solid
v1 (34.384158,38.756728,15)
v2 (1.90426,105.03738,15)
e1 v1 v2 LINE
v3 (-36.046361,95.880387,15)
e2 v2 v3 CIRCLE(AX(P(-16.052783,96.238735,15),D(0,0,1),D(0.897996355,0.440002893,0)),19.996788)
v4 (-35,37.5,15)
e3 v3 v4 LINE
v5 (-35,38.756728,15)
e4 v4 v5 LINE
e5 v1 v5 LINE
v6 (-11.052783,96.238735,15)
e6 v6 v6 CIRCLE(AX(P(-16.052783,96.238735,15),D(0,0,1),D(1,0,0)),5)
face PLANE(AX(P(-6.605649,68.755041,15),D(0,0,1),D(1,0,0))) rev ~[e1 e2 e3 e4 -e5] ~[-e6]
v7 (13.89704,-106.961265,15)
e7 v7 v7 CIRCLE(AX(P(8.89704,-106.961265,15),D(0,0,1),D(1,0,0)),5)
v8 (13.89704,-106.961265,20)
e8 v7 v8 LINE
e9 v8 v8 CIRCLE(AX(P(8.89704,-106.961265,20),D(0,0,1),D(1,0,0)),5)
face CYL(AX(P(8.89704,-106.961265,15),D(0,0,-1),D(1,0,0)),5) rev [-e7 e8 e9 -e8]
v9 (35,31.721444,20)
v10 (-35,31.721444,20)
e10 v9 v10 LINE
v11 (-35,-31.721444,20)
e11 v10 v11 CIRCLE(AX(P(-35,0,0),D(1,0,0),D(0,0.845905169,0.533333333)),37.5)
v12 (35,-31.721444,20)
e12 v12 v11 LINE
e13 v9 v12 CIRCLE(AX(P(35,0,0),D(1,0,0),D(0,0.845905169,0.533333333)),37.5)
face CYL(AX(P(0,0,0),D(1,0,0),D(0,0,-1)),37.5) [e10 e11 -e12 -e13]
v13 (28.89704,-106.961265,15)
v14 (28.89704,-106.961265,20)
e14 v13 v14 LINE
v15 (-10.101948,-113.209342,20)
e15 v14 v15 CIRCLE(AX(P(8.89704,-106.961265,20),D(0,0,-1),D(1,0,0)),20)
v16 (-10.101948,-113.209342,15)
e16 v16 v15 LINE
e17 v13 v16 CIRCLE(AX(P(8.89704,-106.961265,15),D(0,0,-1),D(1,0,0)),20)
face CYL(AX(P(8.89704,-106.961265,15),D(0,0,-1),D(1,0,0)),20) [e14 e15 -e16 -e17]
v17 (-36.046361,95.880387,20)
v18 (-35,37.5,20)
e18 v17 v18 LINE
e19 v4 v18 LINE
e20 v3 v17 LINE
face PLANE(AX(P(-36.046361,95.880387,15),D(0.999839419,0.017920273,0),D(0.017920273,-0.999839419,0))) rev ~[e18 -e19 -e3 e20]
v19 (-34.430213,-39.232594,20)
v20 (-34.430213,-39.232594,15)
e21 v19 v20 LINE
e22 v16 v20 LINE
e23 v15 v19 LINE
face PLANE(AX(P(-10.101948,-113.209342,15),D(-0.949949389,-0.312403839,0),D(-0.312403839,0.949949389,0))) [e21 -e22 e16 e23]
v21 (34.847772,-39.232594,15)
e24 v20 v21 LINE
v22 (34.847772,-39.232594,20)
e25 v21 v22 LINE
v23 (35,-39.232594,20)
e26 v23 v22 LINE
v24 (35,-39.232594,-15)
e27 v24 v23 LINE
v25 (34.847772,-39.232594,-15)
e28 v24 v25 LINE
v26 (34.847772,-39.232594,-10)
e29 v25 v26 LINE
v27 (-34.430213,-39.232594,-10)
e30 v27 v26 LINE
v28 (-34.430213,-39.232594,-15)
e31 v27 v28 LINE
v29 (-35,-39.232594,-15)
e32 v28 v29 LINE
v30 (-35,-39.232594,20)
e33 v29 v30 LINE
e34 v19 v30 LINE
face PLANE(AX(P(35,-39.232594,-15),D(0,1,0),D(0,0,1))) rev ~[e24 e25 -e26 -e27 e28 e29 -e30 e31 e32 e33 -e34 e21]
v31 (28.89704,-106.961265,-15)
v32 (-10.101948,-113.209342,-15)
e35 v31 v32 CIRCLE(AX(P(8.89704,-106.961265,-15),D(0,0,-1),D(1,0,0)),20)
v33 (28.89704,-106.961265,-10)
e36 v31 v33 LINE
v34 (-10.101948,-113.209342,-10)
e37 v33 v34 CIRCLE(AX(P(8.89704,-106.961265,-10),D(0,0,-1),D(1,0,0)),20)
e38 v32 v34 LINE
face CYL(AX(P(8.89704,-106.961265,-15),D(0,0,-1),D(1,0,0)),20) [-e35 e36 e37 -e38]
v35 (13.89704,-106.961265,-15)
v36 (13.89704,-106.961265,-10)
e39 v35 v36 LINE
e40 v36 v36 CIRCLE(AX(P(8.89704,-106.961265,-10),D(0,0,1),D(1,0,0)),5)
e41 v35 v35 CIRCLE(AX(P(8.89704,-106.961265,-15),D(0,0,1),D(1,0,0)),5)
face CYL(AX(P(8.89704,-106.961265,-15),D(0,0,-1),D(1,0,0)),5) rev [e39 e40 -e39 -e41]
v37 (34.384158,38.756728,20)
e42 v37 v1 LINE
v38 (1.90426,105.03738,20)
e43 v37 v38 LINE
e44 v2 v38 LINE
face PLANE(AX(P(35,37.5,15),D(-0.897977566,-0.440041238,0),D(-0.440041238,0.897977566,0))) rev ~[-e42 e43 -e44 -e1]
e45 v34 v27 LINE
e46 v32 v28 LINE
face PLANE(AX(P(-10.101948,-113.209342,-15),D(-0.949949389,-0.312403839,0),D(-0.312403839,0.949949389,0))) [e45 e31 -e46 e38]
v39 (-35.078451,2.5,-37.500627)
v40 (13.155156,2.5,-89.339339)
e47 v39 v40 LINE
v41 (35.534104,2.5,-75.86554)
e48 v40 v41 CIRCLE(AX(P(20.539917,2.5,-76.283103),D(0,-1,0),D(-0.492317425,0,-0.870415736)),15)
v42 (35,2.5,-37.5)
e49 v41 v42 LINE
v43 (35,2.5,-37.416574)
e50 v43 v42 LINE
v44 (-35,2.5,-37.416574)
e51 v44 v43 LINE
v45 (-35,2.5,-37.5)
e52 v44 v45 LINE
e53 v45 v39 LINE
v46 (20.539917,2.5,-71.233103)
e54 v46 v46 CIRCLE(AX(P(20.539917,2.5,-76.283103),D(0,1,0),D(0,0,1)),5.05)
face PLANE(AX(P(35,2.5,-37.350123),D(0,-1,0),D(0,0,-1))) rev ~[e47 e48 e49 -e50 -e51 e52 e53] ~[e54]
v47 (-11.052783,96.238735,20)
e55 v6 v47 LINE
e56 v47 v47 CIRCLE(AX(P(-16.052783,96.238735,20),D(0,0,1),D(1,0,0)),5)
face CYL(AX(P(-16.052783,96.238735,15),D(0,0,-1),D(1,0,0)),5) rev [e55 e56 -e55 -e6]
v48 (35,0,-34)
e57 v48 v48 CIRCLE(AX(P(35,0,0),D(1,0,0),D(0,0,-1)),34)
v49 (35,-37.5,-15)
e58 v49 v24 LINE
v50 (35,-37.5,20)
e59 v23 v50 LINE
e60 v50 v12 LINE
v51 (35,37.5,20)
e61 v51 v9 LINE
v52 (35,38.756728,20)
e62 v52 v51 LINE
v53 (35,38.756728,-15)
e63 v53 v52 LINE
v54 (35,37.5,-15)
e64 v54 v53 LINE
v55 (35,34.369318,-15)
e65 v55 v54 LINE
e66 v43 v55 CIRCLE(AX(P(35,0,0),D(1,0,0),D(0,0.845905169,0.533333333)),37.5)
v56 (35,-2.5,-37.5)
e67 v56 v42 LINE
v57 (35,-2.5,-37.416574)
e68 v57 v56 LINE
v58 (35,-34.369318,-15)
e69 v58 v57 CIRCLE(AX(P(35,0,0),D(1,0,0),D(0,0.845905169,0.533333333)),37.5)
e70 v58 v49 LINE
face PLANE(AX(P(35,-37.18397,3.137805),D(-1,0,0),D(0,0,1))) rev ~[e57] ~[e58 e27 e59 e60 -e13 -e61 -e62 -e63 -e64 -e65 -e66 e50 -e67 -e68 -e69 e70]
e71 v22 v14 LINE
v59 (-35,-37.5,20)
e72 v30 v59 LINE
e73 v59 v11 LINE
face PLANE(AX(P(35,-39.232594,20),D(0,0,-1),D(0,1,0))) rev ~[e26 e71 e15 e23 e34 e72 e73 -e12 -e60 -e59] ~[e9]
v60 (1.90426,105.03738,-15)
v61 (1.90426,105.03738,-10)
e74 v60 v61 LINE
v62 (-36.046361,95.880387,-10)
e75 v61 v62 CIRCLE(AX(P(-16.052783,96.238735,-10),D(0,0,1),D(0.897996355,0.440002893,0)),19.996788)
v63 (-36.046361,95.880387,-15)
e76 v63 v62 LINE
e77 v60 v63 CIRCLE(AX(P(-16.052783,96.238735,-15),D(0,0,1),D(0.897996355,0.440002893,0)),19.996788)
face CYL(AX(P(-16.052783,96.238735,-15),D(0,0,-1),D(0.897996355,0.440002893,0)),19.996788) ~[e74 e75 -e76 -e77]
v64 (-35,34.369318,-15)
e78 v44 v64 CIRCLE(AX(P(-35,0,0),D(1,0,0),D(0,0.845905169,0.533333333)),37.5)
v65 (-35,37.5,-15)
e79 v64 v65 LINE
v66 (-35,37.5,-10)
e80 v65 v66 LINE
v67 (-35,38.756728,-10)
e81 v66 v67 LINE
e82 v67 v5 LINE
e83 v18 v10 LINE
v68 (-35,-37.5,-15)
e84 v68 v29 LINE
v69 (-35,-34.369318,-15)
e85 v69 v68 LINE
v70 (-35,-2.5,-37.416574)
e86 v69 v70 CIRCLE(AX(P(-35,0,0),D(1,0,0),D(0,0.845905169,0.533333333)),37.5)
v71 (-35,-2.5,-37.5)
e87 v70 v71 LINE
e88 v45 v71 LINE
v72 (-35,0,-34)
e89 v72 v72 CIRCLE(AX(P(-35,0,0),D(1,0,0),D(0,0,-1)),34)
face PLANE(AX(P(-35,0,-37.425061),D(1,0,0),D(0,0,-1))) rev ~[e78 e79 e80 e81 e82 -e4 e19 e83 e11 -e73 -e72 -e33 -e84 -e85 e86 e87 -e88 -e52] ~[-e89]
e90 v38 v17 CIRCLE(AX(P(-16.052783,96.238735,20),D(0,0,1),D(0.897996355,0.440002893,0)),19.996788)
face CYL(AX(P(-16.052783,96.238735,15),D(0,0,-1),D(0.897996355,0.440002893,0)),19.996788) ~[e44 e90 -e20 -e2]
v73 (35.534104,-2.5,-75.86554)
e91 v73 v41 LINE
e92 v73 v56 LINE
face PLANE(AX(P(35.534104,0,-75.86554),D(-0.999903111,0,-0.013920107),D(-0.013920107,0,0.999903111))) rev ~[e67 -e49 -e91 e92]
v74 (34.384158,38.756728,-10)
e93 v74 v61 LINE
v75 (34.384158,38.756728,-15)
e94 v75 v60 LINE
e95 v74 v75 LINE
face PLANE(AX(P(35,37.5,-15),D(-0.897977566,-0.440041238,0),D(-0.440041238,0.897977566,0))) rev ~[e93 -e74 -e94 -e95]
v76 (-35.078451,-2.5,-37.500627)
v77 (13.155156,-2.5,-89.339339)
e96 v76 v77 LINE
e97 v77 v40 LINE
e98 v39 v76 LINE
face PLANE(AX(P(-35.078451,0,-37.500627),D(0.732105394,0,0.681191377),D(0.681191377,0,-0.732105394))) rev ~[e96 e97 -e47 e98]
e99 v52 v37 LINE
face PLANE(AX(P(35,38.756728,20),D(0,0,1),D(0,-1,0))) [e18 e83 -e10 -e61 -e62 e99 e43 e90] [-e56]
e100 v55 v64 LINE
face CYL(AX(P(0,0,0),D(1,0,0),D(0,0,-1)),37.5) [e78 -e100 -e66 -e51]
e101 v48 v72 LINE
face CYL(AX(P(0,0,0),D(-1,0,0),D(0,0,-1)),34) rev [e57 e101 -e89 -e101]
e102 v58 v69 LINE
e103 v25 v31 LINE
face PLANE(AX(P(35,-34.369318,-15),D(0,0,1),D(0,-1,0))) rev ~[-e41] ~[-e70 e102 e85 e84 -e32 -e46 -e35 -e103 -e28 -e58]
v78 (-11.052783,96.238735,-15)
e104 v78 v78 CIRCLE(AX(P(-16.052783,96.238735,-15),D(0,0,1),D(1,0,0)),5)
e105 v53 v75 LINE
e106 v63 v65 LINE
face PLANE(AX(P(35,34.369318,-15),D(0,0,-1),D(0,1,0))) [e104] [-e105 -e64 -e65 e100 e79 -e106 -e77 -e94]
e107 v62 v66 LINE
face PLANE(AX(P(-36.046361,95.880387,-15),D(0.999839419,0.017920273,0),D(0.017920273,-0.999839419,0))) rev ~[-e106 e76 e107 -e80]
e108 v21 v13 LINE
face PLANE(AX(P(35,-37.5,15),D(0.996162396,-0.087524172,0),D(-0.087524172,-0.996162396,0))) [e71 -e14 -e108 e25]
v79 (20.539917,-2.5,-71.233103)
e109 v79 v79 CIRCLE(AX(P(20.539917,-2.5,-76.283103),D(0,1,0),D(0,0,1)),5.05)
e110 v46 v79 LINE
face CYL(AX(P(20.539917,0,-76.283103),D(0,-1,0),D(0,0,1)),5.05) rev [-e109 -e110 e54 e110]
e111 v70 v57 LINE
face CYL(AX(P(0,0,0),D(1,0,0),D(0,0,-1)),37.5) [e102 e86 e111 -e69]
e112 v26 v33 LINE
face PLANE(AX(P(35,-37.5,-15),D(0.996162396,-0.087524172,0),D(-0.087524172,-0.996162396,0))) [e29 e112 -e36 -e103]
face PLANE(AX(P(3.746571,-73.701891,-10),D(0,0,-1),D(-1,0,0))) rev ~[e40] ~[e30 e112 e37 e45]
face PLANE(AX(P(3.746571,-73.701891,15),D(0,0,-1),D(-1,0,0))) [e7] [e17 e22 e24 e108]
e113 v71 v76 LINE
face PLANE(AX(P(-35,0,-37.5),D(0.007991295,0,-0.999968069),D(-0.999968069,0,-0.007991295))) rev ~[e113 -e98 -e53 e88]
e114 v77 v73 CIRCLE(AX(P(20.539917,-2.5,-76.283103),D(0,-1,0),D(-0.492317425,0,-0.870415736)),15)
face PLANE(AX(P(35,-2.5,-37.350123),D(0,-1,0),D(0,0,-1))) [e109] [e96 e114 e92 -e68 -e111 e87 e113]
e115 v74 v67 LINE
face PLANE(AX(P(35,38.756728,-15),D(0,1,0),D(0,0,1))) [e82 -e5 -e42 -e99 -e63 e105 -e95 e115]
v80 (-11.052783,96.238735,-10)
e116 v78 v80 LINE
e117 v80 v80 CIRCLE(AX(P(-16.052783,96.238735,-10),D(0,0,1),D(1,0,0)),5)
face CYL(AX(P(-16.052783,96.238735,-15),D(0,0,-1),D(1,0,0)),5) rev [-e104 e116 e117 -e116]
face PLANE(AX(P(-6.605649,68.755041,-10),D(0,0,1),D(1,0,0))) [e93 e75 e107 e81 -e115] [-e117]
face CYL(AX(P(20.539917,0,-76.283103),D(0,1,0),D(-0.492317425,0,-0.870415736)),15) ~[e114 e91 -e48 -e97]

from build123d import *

# Parameters (mm, degrees)
SKETCH1_R             = 37.5
SKETCH1_R_2           = 34
BOSS_EXTRUDE1_DEPTH   = 35
BOSS_EXTRUDE2_START   = 15
SKETCH2_R             = 5
BOSS_EXTRUDE2_DEPTH   = 5
BOSS_EXTRUDE2_2_DEPTH = 5
BOSS_EXTRUDE3_START   = -15
SKETCH2_2_R           = 5
BOSS_EXTRUDE3_DEPTH   = 5
BOSS_EXTRUDE3_2_DEPTH = 5
BOSS_EXTRUDE4_DEPTH   = 70
BOSS_EXTRUDE5_START   = -70
BOSS_EXTRUDE5_DEPTH   = 70
SKETCH5_R             = 5.05
BOSS_EXTRUDE6_DEPTH   = 2.5
SKETCH6_W             = 0.149877485
SKETCH6_H             = 5
BOSS_EXTRUDE7_DEPTH   = 70


with BuildPart() as part:
    # Sketch1 → Boss-Extrude1 (new, symmetric)
    with BuildSketch(Plane(origin=(0, 0, 0), x_dir=(0, 0, -1), z_dir=(1, 0, 0))):
        Circle(SKETCH1_R)
        Circle(SKETCH1_R_2, mode=Mode.SUBTRACT)
    extrude(amount=BOSS_EXTRUDE1_DEPTH, both=True)



with BuildPart() as body_2:
    # Sketch2 → Boss-Extrude2 (new body)
    with BuildSketch(Plane.XY.offset(BOSS_EXTRUDE2_START)):
        with BuildLine():
            Line((-36.046360502, 95.880386994), (-35, 37.5))
            Line((-35, 37.5), (35, 37.5))
            Line((35, 37.5), (1.90425986, 105.037379634))
            ThreePointArc((1.90425986, 105.037379634), (-20.743145305, 115.677666176), (-36.046360502, 95.880386994))
        make_face()
        with Locations((-16.052783226, 96.238734902)):
            Circle(SKETCH2_R, mode=Mode.SUBTRACT)
    extrude(amount=BOSS_EXTRUDE2_DEPTH)


with BuildPart() as body_3:
    # Sketch2 → Boss-Extrude2 2 (new body)
    with BuildSketch(Plane.XY.offset(BOSS_EXTRUDE2_START)):
        with BuildLine():
            Line((-35, -37.5), (35, -37.5))
            Line((35, -37.5), (28.89703955, -106.961265098))
            ThreePointArc((28.89703955, -106.961265098), (12.060917272, -126.709426475), (-10.101948226, -113.209341881))
            Line((-10.101948226, -113.209341881), (-35, -37.5))
        make_face()
        with Locations((8.89703955, -106.961265098)):
            Circle(SKETCH2_R, mode=Mode.SUBTRACT)
    extrude(amount=BOSS_EXTRUDE2_2_DEPTH)


with BuildPart() as body_4:
    # Sketch2<2> → Boss-Extrude3 (new body)
    with BuildSketch(Plane.XY.offset(BOSS_EXTRUDE3_START)):
        with BuildLine():
            Line((-36.046360502, 95.880386994), (-35, 37.5))
            Line((-35, 37.5), (35, 37.5))
            Line((35, 37.5), (1.90425986, 105.037379634))
            ThreePointArc((1.90425986, 105.037379634), (-20.743145305, 115.677666176), (-36.046360502, 95.880386994))
        make_face()
        with Locations((-16.052783226, 96.238734902)):
            Circle(SKETCH2_2_R, mode=Mode.SUBTRACT)
    extrude(amount=BOSS_EXTRUDE3_DEPTH)


with BuildPart() as body_5:
    # Sketch2<2> → Boss-Extrude3 2 (new body)
    with BuildSketch(Plane.XY.offset(BOSS_EXTRUDE3_START)):
        with BuildLine():
            Line((-35, -37.5), (35, -37.5))
            Line((35, -37.5), (28.89703955, -106.961265098))
            ThreePointArc((28.89703955, -106.961265098), (12.060917272, -126.709426475), (-10.101948226, -113.209341881))
            Line((-10.101948226, -113.209341881), (-35, -37.5))
        make_face()
        with Locations((8.89703955, -106.961265098)):
            Circle(SKETCH2_2_R, mode=Mode.SUBTRACT)
    extrude(amount=BOSS_EXTRUDE3_2_DEPTH)


with BuildPart() as part_1:
    add(part.part)

    add(body_2.part)  # Boss-Extrude4 merges body 2

    add(body_4.part)  # Boss-Extrude4 merges body 4
    # Sketch3 → Boss-Extrude4 (add)
    with BuildSketch(Plane(origin=(35, 0, 0), x_dir=(0, 0, -1), z_dir=(1, 0, 0))):
        with BuildLine():
            Line((-20, 37.5), (-20, 31.721443851))
            ThreePointArc((-20, 31.721443851), (-2.828923646, 37.393143636), (15, 34.369317712))
            Line((15, 34.369317712), (15, 37.5))
            Line((15, 37.5), (15, 38.756727822))
            Line((15, 38.756727822), (-20, 38.756727822))
            Line((-20, 38.756727822), (-20, 37.5))
        make_face()
    extrude(amount=-BOSS_EXTRUDE4_DEPTH)


    add(body_3.part)  # Boss-Extrude5 merges body 3

    add(body_5.part)  # Boss-Extrude5 merges body 5
    # Sketch4 → Boss-Extrude5 (add)
    with BuildSketch(Plane.ZY.offset(35).offset(BOSS_EXTRUDE5_START)):
        with BuildLine():
            Line((-15, -39.232593617), (20, -39.232593617))
            Line((20, -39.232593617), (20, -31.721443851))
            ThreePointArc((20, -31.721443851), (2.828923646, -37.393143636), (-15, -34.369317712))
            Line((-15, -34.369317712), (-15, -39.232593617))
        make_face()
    extrude(amount=BOSS_EXTRUDE5_DEPTH)



with BuildPart() as body_2_2:
    # Sketch5 → Boss-Extrude6 (new, symmetric)
    with BuildSketch(Plane(origin=(0, 0, 0), x_dir=(1, 0, 0), z_dir=(0, 1, 0))):
        with BuildLine():
            Line((35, 37.5), (-35, 37.5))
            Line((-35, 37.5), (-35.078450863, 37.500626944))
            Line((-35.078450863, 37.500626944), (13.155155891, 89.33933901))
            ThreePointArc((13.155155891, 89.33933901), (28.276948524, 89.13371958), (35.534104179, 75.865540218))
            Line((35.534104179, 75.865540218), (35, 37.5))
        make_face()
        with Locations(Location((20.539917261, 76.283102971, 0), (0, 0, 270))):
            Circle(SKETCH5_R, mode=Mode.SUBTRACT)
    extrude(amount=BOSS_EXTRUDE6_DEPTH, both=True)


with BuildPart() as part_2:
    add(part_1.part)

    add(body_2_2.part)  # Boss-Extrude7 merges body 2 2
    # Sketch6 → Boss-Extrude7 (add)
    with BuildSketch(Plane(origin=(35, 0, 0), x_dir=(0, 0, -1), z_dir=(1, 0, 0))):
        with Locations((37.425061258, 0)):
            Rectangle(SKETCH6_W, SKETCH6_H)
    extrude(amount=-BOSS_EXTRUDE7_DEPTH)


solid = part_2.part
